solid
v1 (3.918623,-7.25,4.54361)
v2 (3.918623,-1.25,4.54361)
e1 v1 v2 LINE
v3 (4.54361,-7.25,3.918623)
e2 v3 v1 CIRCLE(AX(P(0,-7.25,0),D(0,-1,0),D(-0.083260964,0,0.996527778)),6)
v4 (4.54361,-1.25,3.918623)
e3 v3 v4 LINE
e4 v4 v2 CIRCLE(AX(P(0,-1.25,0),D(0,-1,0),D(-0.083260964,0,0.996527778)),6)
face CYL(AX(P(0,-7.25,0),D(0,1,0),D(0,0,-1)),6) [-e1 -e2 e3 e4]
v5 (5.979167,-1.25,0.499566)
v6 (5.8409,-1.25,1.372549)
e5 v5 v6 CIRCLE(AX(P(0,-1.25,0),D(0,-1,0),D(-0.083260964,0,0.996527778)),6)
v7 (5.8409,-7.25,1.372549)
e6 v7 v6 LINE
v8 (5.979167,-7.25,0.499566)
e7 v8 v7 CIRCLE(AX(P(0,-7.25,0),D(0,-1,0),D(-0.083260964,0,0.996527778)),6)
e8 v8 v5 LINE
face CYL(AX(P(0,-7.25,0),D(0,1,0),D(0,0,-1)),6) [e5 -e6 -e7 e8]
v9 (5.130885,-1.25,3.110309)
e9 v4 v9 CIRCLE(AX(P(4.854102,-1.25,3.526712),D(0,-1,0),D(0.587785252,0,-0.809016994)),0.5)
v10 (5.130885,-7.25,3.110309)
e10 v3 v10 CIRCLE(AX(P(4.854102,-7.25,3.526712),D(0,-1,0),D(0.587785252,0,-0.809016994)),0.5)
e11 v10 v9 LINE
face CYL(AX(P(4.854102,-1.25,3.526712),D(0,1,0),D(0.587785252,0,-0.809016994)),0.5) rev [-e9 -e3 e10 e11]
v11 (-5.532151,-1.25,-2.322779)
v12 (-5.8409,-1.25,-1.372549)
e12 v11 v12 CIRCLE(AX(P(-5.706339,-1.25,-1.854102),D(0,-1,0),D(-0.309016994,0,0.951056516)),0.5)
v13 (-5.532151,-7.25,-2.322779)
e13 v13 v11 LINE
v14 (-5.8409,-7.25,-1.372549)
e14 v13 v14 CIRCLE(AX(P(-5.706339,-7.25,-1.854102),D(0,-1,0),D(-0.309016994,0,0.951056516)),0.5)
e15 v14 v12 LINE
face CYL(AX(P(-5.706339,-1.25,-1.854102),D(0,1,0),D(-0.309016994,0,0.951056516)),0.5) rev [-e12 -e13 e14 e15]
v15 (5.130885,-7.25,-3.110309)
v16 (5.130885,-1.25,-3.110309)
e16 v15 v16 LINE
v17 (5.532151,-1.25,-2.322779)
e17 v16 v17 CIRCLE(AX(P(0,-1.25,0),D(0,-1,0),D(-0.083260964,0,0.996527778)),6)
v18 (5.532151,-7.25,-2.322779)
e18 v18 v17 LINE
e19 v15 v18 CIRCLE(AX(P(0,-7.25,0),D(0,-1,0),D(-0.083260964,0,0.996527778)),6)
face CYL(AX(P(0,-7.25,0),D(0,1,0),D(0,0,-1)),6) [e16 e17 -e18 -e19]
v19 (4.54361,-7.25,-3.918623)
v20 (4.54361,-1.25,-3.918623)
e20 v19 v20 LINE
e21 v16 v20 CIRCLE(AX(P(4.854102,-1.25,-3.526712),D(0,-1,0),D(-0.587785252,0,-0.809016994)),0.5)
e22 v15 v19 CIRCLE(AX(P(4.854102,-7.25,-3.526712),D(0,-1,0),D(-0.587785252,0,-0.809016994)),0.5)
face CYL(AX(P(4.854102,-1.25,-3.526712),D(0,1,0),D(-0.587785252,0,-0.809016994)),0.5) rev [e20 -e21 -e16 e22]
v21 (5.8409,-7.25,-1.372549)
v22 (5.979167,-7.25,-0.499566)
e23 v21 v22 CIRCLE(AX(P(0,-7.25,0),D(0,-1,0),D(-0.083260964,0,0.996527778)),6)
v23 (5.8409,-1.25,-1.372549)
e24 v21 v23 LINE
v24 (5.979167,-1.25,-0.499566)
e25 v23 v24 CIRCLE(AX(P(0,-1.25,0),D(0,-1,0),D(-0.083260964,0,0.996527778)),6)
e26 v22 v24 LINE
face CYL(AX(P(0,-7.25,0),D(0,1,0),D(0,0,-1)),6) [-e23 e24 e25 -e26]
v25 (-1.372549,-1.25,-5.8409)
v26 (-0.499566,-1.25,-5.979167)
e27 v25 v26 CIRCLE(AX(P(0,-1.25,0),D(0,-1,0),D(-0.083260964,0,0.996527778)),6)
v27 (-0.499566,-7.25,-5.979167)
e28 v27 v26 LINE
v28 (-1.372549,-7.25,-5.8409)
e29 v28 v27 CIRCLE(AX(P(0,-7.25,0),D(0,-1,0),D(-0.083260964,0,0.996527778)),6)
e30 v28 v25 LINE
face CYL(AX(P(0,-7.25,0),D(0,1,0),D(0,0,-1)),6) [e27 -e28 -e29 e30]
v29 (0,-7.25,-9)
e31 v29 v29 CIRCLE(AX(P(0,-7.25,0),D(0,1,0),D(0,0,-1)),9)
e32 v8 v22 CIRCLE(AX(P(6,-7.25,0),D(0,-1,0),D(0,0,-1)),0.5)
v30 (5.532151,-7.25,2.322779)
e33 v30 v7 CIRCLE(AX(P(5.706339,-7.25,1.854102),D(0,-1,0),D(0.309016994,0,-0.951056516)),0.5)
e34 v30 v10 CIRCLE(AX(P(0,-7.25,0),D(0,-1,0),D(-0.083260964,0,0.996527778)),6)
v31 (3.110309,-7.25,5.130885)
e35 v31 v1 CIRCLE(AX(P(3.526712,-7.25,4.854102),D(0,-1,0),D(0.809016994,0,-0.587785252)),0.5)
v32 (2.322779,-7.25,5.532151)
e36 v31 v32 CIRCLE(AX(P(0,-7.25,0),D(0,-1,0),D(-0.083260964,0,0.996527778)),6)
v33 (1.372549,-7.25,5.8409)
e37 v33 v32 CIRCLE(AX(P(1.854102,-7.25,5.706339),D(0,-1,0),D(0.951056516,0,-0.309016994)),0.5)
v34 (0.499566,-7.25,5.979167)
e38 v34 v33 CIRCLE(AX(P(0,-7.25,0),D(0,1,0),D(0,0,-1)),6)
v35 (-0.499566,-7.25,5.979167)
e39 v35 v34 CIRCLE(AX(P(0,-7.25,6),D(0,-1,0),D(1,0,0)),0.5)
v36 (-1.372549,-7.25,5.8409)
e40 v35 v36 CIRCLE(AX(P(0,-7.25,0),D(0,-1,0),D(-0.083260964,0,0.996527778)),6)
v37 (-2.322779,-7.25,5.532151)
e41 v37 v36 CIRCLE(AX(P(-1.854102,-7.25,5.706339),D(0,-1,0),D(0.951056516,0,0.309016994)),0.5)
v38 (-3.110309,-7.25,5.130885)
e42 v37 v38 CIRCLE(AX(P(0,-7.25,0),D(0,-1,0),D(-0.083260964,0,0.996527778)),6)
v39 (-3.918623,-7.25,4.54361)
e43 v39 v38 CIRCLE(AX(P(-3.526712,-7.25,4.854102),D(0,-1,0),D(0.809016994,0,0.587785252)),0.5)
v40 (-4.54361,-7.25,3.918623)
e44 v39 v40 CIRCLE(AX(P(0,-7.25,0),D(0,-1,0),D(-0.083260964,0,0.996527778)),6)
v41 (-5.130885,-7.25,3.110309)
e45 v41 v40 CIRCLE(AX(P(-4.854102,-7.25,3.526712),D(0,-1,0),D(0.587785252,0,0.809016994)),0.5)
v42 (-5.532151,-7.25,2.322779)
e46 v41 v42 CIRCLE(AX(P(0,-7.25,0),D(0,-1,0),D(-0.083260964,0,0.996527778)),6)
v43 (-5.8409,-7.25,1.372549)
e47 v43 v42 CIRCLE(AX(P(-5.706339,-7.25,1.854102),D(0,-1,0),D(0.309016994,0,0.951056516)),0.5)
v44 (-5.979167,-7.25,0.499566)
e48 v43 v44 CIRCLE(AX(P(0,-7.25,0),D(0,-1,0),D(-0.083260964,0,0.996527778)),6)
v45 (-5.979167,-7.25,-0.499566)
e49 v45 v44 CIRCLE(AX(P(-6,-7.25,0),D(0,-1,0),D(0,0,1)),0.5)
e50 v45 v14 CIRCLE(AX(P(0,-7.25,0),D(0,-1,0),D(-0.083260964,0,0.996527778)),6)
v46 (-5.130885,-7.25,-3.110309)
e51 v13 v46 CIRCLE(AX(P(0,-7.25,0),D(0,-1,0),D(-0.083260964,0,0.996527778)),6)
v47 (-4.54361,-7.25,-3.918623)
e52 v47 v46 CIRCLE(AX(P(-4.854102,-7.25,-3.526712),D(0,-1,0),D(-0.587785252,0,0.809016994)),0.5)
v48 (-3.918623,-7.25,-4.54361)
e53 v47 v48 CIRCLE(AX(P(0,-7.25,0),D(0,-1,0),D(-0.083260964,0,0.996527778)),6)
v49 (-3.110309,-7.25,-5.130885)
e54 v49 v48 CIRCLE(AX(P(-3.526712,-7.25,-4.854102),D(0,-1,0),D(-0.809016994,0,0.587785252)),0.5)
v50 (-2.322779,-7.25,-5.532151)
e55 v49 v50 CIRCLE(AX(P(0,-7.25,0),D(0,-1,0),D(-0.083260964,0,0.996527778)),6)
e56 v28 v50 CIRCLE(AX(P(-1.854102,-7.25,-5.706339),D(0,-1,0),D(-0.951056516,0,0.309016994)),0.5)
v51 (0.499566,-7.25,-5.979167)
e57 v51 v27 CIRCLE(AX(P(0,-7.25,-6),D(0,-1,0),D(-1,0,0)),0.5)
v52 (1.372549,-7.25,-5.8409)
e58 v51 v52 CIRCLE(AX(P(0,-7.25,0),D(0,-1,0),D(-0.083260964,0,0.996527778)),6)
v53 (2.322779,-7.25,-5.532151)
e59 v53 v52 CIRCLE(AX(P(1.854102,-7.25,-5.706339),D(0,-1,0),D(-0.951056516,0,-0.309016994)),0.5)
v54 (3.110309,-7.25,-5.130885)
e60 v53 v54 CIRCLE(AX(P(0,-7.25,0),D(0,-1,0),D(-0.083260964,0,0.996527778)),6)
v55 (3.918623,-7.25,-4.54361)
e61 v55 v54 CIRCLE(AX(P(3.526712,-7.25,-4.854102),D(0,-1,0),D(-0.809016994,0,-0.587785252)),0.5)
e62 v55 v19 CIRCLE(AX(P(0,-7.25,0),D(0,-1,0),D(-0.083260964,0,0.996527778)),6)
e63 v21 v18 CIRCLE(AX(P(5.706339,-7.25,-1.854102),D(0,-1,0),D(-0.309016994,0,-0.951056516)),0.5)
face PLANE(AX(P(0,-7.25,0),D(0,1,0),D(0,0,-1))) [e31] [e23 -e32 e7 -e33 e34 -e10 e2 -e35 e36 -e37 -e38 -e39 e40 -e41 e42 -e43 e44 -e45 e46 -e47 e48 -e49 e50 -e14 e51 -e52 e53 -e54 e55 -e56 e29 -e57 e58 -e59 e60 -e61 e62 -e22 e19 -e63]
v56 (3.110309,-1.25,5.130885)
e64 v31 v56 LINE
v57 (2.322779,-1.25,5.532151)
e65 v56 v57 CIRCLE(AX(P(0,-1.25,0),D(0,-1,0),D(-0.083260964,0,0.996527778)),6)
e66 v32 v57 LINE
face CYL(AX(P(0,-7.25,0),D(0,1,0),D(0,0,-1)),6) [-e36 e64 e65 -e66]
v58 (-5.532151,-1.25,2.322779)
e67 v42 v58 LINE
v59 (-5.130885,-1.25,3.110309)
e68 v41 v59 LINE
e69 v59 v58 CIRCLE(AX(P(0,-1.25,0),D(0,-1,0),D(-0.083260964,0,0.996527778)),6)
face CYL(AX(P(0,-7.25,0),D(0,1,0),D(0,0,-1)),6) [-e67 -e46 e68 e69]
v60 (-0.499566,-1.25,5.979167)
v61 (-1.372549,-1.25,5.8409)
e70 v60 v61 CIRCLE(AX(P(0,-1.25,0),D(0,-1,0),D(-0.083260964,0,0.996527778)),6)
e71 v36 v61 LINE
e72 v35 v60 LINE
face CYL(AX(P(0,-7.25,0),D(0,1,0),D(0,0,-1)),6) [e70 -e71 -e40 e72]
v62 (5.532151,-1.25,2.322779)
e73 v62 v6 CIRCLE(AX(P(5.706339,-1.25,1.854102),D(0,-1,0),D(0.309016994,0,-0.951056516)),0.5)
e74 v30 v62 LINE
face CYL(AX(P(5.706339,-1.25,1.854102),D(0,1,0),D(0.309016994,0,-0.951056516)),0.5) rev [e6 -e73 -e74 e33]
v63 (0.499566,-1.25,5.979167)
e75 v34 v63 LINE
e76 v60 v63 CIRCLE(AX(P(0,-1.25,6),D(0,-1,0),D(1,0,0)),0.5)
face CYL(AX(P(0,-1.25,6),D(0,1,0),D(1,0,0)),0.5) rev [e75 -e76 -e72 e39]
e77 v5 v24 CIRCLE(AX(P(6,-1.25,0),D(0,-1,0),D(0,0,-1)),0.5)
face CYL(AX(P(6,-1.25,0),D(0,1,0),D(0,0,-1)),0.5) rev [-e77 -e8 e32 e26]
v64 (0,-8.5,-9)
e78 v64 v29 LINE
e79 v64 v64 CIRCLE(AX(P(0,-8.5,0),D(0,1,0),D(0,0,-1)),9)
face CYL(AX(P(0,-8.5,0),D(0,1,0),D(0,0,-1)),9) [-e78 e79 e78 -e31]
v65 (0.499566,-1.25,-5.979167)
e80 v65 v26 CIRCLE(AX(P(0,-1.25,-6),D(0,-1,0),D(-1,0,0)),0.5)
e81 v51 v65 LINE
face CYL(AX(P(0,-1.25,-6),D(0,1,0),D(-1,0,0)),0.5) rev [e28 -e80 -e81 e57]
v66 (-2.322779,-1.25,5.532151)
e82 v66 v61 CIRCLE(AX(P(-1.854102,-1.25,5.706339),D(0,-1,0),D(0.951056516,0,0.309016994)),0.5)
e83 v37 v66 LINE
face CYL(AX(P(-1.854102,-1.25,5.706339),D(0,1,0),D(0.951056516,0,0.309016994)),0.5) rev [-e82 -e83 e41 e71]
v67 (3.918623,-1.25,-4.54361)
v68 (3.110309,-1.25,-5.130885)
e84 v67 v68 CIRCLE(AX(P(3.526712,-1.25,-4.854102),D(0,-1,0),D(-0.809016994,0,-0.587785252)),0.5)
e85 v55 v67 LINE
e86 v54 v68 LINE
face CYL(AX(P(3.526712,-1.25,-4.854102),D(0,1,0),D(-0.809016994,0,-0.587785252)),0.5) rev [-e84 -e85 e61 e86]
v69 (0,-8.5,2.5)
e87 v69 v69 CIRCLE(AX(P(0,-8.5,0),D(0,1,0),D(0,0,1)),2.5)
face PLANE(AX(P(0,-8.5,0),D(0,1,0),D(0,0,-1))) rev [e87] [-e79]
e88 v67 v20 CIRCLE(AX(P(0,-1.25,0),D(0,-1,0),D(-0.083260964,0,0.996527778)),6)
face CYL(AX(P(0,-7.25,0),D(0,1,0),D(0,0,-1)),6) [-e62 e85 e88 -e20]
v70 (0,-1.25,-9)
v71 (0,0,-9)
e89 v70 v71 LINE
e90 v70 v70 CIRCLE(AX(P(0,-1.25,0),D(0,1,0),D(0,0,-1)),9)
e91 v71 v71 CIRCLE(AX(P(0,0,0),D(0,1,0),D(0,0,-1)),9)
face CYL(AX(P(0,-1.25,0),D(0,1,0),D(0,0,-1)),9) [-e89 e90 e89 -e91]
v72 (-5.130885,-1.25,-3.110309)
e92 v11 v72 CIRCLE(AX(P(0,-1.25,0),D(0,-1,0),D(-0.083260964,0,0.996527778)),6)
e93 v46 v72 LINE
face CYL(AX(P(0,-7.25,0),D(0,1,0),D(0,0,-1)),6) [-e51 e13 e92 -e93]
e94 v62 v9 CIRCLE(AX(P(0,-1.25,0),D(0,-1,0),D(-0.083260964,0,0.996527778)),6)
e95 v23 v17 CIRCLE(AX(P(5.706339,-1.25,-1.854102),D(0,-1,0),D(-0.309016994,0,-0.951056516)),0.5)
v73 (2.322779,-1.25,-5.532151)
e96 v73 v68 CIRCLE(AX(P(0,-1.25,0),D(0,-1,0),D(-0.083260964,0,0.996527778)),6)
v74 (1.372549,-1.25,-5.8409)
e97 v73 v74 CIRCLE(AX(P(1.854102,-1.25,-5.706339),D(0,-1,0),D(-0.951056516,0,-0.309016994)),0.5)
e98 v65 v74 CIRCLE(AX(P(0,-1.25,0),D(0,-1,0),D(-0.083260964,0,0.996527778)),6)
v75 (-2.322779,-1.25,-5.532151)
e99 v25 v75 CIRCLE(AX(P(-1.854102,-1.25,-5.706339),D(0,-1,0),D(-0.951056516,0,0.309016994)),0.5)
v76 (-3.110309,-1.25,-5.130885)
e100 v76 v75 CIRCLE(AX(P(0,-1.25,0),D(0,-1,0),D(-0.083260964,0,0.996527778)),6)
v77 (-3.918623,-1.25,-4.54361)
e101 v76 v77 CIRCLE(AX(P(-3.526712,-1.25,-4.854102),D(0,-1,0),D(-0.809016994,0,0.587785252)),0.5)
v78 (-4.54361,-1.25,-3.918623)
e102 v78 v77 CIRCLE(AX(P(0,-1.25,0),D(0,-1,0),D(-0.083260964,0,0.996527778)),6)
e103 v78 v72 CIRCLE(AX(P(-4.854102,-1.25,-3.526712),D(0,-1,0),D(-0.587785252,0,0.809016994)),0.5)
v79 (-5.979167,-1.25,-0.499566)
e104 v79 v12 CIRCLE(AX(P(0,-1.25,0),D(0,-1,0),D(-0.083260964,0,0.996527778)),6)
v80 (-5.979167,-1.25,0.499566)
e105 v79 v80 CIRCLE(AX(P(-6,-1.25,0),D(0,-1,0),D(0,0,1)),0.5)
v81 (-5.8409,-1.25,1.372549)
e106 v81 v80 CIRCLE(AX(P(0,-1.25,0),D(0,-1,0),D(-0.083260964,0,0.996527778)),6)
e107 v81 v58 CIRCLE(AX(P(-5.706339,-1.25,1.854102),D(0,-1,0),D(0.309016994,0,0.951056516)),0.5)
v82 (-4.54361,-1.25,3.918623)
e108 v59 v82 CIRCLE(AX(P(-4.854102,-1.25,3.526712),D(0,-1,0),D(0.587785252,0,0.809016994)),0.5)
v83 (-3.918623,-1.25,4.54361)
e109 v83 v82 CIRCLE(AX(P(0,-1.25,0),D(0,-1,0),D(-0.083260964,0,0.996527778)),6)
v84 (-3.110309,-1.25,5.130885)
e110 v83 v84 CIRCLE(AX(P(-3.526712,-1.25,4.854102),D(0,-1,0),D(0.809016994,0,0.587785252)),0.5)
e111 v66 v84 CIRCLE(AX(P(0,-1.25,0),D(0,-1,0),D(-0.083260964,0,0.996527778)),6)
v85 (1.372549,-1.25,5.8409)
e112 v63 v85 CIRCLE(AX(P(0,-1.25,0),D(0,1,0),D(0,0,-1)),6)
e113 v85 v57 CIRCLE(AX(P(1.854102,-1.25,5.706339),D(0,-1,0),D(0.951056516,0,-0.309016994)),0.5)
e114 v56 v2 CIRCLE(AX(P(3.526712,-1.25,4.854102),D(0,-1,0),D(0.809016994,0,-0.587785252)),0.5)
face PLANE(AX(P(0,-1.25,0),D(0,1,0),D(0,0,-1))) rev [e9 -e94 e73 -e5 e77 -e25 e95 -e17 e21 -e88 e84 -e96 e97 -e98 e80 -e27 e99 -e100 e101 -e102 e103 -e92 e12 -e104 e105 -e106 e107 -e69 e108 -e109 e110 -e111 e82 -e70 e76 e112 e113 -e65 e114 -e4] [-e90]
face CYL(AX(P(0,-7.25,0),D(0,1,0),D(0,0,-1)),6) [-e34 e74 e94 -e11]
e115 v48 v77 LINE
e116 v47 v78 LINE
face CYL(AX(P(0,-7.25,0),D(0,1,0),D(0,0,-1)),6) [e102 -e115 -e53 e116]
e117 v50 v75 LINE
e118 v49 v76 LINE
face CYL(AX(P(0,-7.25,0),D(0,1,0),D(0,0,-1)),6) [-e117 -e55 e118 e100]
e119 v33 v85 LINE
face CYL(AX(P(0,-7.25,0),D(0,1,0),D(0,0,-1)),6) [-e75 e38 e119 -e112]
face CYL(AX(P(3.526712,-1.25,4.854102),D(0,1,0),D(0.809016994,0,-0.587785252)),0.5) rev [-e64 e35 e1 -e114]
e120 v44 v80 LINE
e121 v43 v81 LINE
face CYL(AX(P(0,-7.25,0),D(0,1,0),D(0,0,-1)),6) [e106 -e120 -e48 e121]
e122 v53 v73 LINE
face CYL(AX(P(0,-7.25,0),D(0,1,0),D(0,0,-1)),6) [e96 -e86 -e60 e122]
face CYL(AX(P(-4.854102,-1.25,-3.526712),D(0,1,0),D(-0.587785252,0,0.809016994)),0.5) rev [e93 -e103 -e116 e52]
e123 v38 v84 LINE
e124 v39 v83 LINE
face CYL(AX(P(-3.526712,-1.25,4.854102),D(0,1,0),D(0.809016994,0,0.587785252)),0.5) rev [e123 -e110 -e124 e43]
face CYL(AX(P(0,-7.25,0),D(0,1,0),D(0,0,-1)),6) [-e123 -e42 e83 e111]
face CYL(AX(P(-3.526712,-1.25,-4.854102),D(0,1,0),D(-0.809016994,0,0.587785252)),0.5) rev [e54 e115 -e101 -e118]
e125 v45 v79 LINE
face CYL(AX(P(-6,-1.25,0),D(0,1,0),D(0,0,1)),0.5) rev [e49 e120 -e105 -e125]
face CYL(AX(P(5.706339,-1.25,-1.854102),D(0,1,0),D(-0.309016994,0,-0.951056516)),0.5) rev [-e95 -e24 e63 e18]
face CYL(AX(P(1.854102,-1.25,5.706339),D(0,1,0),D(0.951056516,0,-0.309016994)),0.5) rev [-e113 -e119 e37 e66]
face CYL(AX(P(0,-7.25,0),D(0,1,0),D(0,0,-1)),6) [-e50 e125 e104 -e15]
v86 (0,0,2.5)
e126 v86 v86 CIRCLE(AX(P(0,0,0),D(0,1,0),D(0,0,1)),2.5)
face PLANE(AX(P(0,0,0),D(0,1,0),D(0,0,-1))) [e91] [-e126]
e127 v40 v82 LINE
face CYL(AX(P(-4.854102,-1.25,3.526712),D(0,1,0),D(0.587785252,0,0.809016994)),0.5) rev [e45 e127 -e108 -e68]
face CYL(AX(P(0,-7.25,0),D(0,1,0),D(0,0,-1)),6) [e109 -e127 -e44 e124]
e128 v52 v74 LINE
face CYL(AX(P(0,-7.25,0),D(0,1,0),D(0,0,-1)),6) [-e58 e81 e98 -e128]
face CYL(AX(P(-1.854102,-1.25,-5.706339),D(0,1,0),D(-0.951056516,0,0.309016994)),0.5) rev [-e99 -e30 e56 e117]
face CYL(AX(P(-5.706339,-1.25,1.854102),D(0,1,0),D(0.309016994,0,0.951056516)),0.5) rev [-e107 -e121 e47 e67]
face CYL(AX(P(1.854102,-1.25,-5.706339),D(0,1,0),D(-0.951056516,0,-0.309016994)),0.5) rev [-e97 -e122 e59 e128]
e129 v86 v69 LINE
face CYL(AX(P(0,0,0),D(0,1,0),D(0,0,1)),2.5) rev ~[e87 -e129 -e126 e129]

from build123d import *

# Parameters (mm, degrees)
SKETCH_2_R               = 2.5
CUT_EXTRUDE_1_DEPTH      = 10
SKETCH_5_R               = 0.5
CUT_EXTRUDE_3_DEPTH      = 6
PATTERN_CIRCULAR_2_COUNT = 20


with BuildPart() as part:
    # 草图1 → 旋转1 (revolve)
    with BuildSketch(Plane.XY, mode=Mode.PRIVATE) as revolve_1_sk:
        Polygon((0, -8.5), (-9, -8.5), (-9, -7.25), (-6, -7.25), (-6, -1.25), (-9, -1.25), (-9, 0), (0, 0), align=None)
    revolve(revolve_1_sk.sketch.rotate(Axis((0, 0, 0), (0, 1, 0)), 270), axis=Axis((0, 0, 0), (0, 1, 0)))

    # 草图2 → 切除-拉伸1 (cut)
    with BuildSketch(Plane(origin=(0, 0, 0), x_dir=(1, 0, 0), z_dir=(0, 1, 0))):
        with Locations(Location((0, 0, 0), (0, 0, 270))):
            Circle(SKETCH_2_R)
    extrude(amount=-CUT_EXTRUDE_1_DEPTH, mode=Mode.SUBTRACT)

    # 草图5 → 切除-拉伸3 (cut)
    with BuildSketch(Plane.XZ.offset(1.25)):
        with Locations((0, 6)):
            Circle(SKETCH_5_R)
    cut_extrude_3 = extrude(amount=CUT_EXTRUDE_3_DEPTH, mode=Mode.SUBTRACT)

    # 阵列(圆周)2: 切除-拉伸3 ×20 about axis
    pattern_circular_2_axis = Axis((0, 0, 0), (0, 1, 0))
    for i in range(1, PATTERN_CIRCULAR_2_COUNT):
        add(cut_extrude_3.rotate(pattern_circular_2_axis, i * 360 / PATTERN_CIRCULAR_2_COUNT), mode=Mode.SUBTRACT)


solid = part.part
